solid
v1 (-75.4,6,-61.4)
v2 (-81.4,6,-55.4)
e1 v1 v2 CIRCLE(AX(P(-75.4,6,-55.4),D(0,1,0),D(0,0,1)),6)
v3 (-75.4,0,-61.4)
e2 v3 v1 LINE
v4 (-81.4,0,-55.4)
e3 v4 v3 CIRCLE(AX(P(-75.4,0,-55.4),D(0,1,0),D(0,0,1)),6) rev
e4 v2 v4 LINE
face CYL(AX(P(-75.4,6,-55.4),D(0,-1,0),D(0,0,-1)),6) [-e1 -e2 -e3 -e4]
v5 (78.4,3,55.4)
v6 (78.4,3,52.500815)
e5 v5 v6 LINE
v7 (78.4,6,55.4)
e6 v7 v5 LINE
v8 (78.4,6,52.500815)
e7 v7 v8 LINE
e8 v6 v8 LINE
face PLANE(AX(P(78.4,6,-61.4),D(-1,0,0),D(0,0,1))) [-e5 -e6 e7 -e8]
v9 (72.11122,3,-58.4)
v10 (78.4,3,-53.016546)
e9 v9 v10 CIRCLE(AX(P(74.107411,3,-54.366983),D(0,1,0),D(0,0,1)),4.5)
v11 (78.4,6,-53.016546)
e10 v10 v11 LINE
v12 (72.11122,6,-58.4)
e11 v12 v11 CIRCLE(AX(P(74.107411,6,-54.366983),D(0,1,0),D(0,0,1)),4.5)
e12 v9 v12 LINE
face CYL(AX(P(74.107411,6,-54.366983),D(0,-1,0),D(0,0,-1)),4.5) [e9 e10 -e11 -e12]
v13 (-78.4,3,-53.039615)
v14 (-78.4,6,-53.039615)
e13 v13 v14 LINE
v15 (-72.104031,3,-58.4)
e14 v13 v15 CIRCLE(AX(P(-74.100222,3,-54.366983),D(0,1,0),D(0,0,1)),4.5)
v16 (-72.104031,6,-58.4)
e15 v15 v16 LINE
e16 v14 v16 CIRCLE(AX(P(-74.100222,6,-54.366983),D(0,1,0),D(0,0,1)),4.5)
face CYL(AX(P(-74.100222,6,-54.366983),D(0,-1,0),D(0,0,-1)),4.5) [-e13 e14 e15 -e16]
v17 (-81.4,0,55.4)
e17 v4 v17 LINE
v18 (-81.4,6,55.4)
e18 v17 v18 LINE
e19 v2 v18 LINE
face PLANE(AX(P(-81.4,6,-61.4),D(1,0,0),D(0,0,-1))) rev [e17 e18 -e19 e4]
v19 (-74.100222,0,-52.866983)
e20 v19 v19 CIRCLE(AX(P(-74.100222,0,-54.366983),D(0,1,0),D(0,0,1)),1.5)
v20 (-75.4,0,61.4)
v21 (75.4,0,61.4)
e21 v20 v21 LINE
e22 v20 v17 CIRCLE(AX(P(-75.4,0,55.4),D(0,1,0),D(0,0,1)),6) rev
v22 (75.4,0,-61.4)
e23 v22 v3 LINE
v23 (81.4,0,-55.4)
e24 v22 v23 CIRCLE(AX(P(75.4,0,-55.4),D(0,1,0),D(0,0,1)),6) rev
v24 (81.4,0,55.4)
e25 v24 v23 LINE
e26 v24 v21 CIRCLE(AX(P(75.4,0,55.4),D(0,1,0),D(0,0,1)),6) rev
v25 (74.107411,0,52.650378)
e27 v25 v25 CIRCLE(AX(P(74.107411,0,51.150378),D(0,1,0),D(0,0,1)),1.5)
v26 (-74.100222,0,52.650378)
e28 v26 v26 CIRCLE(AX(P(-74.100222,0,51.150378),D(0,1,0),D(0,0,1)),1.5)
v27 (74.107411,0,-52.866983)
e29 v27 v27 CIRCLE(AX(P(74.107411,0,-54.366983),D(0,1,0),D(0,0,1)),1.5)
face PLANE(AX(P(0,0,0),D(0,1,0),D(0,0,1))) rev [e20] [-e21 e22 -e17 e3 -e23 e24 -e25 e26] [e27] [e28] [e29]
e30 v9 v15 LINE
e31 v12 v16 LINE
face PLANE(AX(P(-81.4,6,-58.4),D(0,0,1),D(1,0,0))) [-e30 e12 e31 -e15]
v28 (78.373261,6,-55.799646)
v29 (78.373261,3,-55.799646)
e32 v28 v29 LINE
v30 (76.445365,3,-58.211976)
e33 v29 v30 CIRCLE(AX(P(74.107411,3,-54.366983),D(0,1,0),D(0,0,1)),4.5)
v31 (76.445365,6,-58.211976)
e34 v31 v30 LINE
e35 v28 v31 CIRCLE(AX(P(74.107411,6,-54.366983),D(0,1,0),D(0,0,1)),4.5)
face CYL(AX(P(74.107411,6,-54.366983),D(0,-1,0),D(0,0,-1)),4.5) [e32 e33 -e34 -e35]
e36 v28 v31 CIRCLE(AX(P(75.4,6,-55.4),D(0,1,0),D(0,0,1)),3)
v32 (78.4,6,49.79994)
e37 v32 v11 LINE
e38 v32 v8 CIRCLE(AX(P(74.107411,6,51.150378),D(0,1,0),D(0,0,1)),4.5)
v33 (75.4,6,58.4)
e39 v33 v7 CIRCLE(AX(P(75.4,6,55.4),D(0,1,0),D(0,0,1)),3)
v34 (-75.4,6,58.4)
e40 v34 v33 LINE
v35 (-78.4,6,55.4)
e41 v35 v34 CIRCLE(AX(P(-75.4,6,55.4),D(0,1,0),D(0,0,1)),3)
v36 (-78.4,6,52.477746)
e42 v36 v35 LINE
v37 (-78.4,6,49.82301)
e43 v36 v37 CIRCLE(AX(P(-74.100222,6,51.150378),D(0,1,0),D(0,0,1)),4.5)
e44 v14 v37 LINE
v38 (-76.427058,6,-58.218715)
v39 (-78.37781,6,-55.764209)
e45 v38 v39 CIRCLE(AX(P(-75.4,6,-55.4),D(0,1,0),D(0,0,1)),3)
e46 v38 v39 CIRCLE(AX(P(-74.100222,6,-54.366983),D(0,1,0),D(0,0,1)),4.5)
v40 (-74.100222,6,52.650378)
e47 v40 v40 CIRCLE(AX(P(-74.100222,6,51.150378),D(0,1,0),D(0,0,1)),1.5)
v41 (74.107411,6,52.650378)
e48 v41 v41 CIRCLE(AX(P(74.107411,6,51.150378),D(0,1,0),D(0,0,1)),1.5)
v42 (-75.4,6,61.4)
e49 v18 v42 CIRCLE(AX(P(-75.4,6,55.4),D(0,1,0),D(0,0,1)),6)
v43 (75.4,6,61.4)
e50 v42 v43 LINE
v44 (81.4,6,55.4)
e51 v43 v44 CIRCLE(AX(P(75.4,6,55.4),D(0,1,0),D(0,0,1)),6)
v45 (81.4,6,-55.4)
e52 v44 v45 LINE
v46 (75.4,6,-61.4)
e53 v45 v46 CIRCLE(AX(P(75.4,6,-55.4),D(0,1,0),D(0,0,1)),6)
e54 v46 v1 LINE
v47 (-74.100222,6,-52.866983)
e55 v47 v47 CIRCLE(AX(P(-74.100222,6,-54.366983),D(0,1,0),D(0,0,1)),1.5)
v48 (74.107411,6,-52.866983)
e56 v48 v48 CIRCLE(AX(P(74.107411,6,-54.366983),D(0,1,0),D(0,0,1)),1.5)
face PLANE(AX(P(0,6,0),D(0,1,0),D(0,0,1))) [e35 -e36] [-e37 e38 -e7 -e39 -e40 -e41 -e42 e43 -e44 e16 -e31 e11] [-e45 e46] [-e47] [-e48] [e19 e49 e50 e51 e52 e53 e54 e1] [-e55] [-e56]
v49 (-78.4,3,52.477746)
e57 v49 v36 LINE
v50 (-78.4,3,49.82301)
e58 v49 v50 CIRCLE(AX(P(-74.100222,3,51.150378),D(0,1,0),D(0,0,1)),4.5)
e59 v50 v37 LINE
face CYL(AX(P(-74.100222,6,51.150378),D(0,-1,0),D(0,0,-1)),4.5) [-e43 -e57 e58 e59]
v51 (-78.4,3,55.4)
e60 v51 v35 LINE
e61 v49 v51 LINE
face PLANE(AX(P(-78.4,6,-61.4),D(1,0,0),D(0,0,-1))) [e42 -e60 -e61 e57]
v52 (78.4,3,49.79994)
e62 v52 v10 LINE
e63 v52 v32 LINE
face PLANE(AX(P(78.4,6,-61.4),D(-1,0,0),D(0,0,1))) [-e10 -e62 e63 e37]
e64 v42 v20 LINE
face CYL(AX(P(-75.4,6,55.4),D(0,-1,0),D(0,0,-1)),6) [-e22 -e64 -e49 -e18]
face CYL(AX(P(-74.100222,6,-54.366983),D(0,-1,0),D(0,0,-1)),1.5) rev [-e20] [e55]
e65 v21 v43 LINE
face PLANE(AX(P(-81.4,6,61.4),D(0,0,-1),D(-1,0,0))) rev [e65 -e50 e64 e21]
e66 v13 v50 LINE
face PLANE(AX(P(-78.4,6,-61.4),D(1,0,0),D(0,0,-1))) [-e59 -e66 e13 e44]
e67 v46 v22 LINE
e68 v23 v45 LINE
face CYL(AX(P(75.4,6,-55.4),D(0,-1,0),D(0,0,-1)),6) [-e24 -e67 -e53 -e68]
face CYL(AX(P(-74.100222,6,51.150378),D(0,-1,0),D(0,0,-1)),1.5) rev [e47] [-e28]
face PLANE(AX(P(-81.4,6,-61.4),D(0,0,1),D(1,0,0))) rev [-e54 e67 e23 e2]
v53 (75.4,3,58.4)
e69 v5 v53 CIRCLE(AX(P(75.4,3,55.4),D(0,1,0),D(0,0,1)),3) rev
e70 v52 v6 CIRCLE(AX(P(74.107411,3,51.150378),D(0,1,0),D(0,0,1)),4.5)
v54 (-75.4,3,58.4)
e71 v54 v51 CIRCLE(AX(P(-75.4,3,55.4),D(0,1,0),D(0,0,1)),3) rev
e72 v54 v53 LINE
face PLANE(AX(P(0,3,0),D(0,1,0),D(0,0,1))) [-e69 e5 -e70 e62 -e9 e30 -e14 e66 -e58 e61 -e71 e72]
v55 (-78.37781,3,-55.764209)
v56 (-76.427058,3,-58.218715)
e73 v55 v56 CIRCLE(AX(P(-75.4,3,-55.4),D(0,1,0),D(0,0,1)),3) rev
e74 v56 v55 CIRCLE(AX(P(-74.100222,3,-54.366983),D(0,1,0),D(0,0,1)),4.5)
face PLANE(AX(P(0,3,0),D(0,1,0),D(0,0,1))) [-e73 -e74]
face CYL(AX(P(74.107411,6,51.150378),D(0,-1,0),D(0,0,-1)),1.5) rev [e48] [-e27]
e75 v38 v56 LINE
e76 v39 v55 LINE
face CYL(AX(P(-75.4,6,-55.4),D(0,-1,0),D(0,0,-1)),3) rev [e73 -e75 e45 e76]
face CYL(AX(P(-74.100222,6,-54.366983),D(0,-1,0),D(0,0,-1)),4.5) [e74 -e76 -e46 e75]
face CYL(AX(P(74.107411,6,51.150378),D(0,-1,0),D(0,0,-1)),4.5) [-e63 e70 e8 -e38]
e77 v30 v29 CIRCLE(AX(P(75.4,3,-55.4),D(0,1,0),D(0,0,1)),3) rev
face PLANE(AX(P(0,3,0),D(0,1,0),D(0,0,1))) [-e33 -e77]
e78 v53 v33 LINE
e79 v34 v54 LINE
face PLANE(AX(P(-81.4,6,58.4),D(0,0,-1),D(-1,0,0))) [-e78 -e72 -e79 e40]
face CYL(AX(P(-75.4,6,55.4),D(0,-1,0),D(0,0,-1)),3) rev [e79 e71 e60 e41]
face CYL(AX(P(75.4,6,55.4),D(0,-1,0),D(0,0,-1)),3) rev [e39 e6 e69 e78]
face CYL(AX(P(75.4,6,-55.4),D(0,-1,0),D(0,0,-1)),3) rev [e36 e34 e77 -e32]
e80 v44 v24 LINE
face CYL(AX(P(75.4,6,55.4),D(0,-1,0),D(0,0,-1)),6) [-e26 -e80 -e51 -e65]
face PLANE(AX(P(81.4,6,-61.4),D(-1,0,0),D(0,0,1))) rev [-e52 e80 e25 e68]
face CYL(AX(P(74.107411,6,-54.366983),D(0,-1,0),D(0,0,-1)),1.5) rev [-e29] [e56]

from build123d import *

# Parameters (mm, degrees)
SKETCH1_W           = 162.8
SKETCH1_H           = 122.8
SKETCH1_R           = 1.5
BOSS_EXTRUDE1_DEPTH = 6
FILLET1_R           = 6
SHELL5_T            = -3


with BuildPart() as part:
    # Sketch1 → Boss-Extrude1 (new body)
    with BuildSketch(Plane(origin=(0, 0, 0), x_dir=(1, 0, 0), z_dir=(0, 1, 0))):
        Rectangle(SKETCH1_W, SKETCH1_H)
        with Locations(Location((-74.100221616, 54.366983464, 0), (0, 0, 270))):
            Circle(SKETCH1_R, mode=Mode.SUBTRACT)
        with Locations(Location((74.107411227, 54.366983464, 0), (0, 0, 270))):
            Circle(SKETCH1_R, mode=Mode.SUBTRACT)
        with Locations(Location((74.107411227, -51.150377924, 0), (0, 0, 270))):
            Circle(SKETCH1_R, mode=Mode.SUBTRACT)
        with Locations(Location((-74.100221616, -51.150377924, 0), (0, 0, 270))):
            Circle(SKETCH1_R, mode=Mode.SUBTRACT)
    extrude(amount=BOSS_EXTRUDE1_DEPTH)

    # Fillet1
    fillet1_edges = [part.edges().sort_by_distance(p)[0] for p in [
        (81.4, 3, 61.4),
        (-81.4, 3, 61.4),
        (-81.4, 3, -61.4),
        (81.4, 3, -61.4),
    ]]
    fillet(fillet1_edges, radius=FILLET1_R)

    # Shell5
    shell5_openings = [part.faces().sort_by_distance(p)[0] for p in [
        (-5.099e-06, 6, 0.002281365),
    ]]
    offset(amount=SHELL5_T, openings=shell5_openings)


solid = part.part
